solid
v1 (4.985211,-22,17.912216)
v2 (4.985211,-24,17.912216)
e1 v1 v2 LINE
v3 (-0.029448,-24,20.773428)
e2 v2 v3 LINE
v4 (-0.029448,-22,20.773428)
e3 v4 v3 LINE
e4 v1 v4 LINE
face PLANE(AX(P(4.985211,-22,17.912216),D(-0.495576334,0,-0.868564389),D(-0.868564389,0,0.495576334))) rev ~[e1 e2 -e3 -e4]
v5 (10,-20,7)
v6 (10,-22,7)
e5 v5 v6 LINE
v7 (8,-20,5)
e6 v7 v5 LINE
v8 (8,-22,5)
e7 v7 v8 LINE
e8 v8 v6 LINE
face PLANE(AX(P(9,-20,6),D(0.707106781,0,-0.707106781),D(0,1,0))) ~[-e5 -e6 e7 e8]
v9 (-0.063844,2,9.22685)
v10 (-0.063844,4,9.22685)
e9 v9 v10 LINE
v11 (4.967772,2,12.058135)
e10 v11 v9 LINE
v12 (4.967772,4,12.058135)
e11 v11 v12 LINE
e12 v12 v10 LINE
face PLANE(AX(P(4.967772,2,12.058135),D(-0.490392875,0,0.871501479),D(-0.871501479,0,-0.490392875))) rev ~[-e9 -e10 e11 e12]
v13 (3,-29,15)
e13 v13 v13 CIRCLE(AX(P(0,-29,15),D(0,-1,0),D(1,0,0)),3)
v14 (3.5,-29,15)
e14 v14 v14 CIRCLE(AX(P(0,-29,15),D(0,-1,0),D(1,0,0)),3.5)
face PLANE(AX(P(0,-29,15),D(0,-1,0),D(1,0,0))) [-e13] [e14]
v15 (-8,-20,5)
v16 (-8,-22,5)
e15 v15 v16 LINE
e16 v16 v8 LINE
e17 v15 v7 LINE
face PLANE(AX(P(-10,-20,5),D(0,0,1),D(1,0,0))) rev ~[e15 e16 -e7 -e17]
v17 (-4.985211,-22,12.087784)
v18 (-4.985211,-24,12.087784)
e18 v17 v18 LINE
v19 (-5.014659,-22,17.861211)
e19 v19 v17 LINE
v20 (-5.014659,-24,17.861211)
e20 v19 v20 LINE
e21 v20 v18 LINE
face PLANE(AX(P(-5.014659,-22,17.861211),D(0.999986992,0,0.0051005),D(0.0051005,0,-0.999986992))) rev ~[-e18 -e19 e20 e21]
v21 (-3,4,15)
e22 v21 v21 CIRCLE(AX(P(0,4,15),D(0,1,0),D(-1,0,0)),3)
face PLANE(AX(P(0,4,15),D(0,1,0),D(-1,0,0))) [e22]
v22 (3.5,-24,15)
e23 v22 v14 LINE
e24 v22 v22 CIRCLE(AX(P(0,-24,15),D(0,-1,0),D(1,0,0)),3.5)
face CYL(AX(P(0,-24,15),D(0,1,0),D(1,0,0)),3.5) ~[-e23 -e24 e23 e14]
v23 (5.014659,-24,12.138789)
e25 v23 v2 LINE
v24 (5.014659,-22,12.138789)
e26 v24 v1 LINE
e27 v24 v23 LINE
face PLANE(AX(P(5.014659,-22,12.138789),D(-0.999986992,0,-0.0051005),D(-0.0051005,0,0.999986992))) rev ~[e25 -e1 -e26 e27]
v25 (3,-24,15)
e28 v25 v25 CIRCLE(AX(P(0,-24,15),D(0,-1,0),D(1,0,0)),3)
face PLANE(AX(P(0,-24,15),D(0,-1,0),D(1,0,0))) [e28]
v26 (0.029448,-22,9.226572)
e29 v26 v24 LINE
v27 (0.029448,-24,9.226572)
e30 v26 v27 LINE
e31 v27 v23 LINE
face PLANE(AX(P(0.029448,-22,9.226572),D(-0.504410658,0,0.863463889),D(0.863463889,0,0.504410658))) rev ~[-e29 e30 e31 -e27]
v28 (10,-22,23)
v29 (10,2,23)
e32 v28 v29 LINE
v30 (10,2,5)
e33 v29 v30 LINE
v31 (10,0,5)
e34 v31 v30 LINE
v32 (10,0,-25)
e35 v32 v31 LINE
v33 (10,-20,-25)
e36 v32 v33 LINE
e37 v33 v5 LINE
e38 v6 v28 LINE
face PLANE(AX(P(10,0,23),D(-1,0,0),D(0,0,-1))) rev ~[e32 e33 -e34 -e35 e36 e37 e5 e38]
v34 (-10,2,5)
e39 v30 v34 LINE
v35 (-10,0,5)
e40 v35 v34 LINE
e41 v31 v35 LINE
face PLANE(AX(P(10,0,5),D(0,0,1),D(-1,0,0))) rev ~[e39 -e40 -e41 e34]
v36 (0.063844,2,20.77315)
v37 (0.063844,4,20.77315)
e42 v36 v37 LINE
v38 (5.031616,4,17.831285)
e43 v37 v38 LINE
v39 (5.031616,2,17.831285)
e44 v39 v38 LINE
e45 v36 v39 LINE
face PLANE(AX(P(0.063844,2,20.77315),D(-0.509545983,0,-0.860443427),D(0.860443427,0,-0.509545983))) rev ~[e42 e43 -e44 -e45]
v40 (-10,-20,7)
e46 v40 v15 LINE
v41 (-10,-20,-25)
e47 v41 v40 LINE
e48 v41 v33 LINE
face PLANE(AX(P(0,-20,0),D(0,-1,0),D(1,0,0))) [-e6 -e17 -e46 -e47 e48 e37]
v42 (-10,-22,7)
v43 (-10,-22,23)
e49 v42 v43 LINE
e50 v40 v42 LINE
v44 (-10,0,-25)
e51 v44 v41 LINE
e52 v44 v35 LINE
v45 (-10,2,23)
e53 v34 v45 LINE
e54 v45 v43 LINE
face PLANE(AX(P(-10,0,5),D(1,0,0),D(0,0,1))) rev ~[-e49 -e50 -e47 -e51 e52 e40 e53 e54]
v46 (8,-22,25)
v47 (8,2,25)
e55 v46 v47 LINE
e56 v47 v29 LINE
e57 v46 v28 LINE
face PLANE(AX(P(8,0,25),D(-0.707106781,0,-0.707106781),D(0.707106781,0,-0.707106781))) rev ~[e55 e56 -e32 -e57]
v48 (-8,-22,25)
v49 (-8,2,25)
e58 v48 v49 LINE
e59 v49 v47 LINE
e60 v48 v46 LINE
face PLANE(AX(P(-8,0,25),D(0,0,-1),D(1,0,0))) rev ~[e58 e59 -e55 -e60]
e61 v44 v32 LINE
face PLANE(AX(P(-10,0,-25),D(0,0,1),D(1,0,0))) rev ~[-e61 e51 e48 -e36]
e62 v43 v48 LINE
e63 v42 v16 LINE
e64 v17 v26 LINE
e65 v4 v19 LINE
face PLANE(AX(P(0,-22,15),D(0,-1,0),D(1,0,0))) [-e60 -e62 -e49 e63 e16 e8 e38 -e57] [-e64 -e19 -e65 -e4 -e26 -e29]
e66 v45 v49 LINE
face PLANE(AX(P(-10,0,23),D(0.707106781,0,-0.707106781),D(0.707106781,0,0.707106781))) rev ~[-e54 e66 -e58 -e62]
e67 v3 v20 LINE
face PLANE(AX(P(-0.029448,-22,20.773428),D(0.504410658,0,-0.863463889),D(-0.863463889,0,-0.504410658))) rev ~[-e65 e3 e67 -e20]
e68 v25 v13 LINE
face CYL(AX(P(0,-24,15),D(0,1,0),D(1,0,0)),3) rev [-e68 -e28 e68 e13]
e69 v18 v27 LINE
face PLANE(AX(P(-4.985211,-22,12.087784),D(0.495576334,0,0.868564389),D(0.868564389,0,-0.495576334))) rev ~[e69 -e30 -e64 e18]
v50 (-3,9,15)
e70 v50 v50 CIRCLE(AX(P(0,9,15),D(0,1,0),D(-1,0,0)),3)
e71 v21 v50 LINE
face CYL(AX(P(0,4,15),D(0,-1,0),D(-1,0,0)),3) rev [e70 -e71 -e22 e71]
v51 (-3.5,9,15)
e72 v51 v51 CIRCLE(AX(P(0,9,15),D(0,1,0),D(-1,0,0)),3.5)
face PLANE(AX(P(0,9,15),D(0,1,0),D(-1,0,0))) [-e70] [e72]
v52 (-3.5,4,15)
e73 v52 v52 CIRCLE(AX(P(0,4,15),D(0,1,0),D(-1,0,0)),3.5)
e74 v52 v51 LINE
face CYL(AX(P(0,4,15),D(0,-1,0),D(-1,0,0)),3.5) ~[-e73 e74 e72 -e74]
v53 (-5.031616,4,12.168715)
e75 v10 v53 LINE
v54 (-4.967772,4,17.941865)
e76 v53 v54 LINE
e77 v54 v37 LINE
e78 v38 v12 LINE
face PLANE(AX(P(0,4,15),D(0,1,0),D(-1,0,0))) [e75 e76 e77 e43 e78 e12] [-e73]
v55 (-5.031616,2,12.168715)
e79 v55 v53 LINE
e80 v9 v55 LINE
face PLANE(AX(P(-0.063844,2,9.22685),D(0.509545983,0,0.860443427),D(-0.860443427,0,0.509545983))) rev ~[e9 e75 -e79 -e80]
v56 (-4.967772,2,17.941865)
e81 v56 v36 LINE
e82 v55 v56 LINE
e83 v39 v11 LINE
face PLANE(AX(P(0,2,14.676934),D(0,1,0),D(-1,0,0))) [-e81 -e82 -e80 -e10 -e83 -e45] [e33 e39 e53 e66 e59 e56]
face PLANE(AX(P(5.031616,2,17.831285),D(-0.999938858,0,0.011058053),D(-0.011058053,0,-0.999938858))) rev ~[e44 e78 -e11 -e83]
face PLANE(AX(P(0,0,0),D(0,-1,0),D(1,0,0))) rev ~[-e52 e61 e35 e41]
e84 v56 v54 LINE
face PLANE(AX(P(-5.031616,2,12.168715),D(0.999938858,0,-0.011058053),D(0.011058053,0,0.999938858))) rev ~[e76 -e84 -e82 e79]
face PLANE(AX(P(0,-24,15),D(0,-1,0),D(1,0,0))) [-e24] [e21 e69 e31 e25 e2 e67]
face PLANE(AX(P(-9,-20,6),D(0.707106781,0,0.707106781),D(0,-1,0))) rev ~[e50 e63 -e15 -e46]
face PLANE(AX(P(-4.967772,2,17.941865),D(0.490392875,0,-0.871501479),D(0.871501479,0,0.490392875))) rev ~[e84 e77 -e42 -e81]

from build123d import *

# Parameters (mm, degrees)
F0_W      = 20
F0_H      = 50
F1_DEPTH  = 20
F2_W      = 20
F2_H      = 20
F3_DEPTH  = 2
F5_DEPTH  = 2
F6_R      = 3.5
F6_R_2    = 3
F7_DEPTH  = 5
F8_SIZE   = 2
F10_DEPTH = 2
F12_DEPTH = 2
F13_R     = 3.5
F13_R_2   = 3
F14_DEPTH = 5


with BuildPart() as f1:
    # F0 (on Front) → F1 (new body)
    with BuildSketch(Plane.XZ):
        Rectangle(F0_W, F0_H)
    extrude(amount=F1_DEPTH)

    # F2 (on face) → F3 (join)
    with BuildSketch(Plane.XZ.offset(20)):
        with Locations((0, 15)):
            Rectangle(F2_W, F2_H)
    extrude(amount=F3_DEPTH)

    # F4 (on face) → F5 (join)
    with BuildSketch(Plane.XZ.offset(22)):
        Polygon((4.9852110878, 17.9122162941), (-0.0294477481, 20.7734275923), (-5.0146588359, 17.8612112982), (-4.9852110878, 12.0877837059), (0.0294477481, 9.2265724077), (5.0146588359, 12.1387887018), align=None)
    extrude(amount=F5_DEPTH)

    # F6 (on face) → F7 (join)
    with BuildSketch(Plane.XZ.offset(24)):
        with Locations((0, 15)):
            Circle(F6_R)
        with Locations((0, 15)):
            Circle(F6_R_2, mode=Mode.SUBTRACT)
    extrude(amount=F7_DEPTH)

    # F8
    f8_edges = [f1.edges().sort_by_distance(p)[0] for p in [
        (-10, -11, 25),
        (10, -11, 25),
        (-10, -21, 5),
        (10, -21, 5),
    ]]
    chamfer(f8_edges, length=F8_SIZE)

    # F9 (on face) → F10 (join)
    with BuildSketch(Plane(origin=(0, 0, 0), x_dir=(-1, 0, 0), z_dir=(0, 1, 0))):
        Polygon((10, 23), (8, 25), (-8, 25), (-10, 23), (-10, 5), (10, 5), align=None)
    extrude(amount=F10_DEPTH)

    # F11 (on face) → F12 (join)
    with BuildSketch(Plane(origin=(0, 2, 0), x_dir=(-1, 0, 0), z_dir=(0, 1, 0))):
        Polygon((-0.0638436958, 20.7731496876), (-5.0316161373, 17.8312845814), (-4.9677724414, 12.0581348937), (0.0638436958, 9.2268503124), (5.0316161373, 12.1687154186), (4.9677724414, 17.9418651063), align=None)
    extrude(amount=F12_DEPTH)

    # F13 (on face) → F14 (join)
    with BuildSketch(Plane(origin=(0, 4, 0), x_dir=(-1, 0, 0), z_dir=(0, 1, 0))):
        with Locations((0, 15)):
            Circle(F13_R)
        with Locations((0, 15)):
            Circle(F13_R_2, mode=Mode.SUBTRACT)
    extrude(amount=F14_DEPTH)


solid = f1.part
